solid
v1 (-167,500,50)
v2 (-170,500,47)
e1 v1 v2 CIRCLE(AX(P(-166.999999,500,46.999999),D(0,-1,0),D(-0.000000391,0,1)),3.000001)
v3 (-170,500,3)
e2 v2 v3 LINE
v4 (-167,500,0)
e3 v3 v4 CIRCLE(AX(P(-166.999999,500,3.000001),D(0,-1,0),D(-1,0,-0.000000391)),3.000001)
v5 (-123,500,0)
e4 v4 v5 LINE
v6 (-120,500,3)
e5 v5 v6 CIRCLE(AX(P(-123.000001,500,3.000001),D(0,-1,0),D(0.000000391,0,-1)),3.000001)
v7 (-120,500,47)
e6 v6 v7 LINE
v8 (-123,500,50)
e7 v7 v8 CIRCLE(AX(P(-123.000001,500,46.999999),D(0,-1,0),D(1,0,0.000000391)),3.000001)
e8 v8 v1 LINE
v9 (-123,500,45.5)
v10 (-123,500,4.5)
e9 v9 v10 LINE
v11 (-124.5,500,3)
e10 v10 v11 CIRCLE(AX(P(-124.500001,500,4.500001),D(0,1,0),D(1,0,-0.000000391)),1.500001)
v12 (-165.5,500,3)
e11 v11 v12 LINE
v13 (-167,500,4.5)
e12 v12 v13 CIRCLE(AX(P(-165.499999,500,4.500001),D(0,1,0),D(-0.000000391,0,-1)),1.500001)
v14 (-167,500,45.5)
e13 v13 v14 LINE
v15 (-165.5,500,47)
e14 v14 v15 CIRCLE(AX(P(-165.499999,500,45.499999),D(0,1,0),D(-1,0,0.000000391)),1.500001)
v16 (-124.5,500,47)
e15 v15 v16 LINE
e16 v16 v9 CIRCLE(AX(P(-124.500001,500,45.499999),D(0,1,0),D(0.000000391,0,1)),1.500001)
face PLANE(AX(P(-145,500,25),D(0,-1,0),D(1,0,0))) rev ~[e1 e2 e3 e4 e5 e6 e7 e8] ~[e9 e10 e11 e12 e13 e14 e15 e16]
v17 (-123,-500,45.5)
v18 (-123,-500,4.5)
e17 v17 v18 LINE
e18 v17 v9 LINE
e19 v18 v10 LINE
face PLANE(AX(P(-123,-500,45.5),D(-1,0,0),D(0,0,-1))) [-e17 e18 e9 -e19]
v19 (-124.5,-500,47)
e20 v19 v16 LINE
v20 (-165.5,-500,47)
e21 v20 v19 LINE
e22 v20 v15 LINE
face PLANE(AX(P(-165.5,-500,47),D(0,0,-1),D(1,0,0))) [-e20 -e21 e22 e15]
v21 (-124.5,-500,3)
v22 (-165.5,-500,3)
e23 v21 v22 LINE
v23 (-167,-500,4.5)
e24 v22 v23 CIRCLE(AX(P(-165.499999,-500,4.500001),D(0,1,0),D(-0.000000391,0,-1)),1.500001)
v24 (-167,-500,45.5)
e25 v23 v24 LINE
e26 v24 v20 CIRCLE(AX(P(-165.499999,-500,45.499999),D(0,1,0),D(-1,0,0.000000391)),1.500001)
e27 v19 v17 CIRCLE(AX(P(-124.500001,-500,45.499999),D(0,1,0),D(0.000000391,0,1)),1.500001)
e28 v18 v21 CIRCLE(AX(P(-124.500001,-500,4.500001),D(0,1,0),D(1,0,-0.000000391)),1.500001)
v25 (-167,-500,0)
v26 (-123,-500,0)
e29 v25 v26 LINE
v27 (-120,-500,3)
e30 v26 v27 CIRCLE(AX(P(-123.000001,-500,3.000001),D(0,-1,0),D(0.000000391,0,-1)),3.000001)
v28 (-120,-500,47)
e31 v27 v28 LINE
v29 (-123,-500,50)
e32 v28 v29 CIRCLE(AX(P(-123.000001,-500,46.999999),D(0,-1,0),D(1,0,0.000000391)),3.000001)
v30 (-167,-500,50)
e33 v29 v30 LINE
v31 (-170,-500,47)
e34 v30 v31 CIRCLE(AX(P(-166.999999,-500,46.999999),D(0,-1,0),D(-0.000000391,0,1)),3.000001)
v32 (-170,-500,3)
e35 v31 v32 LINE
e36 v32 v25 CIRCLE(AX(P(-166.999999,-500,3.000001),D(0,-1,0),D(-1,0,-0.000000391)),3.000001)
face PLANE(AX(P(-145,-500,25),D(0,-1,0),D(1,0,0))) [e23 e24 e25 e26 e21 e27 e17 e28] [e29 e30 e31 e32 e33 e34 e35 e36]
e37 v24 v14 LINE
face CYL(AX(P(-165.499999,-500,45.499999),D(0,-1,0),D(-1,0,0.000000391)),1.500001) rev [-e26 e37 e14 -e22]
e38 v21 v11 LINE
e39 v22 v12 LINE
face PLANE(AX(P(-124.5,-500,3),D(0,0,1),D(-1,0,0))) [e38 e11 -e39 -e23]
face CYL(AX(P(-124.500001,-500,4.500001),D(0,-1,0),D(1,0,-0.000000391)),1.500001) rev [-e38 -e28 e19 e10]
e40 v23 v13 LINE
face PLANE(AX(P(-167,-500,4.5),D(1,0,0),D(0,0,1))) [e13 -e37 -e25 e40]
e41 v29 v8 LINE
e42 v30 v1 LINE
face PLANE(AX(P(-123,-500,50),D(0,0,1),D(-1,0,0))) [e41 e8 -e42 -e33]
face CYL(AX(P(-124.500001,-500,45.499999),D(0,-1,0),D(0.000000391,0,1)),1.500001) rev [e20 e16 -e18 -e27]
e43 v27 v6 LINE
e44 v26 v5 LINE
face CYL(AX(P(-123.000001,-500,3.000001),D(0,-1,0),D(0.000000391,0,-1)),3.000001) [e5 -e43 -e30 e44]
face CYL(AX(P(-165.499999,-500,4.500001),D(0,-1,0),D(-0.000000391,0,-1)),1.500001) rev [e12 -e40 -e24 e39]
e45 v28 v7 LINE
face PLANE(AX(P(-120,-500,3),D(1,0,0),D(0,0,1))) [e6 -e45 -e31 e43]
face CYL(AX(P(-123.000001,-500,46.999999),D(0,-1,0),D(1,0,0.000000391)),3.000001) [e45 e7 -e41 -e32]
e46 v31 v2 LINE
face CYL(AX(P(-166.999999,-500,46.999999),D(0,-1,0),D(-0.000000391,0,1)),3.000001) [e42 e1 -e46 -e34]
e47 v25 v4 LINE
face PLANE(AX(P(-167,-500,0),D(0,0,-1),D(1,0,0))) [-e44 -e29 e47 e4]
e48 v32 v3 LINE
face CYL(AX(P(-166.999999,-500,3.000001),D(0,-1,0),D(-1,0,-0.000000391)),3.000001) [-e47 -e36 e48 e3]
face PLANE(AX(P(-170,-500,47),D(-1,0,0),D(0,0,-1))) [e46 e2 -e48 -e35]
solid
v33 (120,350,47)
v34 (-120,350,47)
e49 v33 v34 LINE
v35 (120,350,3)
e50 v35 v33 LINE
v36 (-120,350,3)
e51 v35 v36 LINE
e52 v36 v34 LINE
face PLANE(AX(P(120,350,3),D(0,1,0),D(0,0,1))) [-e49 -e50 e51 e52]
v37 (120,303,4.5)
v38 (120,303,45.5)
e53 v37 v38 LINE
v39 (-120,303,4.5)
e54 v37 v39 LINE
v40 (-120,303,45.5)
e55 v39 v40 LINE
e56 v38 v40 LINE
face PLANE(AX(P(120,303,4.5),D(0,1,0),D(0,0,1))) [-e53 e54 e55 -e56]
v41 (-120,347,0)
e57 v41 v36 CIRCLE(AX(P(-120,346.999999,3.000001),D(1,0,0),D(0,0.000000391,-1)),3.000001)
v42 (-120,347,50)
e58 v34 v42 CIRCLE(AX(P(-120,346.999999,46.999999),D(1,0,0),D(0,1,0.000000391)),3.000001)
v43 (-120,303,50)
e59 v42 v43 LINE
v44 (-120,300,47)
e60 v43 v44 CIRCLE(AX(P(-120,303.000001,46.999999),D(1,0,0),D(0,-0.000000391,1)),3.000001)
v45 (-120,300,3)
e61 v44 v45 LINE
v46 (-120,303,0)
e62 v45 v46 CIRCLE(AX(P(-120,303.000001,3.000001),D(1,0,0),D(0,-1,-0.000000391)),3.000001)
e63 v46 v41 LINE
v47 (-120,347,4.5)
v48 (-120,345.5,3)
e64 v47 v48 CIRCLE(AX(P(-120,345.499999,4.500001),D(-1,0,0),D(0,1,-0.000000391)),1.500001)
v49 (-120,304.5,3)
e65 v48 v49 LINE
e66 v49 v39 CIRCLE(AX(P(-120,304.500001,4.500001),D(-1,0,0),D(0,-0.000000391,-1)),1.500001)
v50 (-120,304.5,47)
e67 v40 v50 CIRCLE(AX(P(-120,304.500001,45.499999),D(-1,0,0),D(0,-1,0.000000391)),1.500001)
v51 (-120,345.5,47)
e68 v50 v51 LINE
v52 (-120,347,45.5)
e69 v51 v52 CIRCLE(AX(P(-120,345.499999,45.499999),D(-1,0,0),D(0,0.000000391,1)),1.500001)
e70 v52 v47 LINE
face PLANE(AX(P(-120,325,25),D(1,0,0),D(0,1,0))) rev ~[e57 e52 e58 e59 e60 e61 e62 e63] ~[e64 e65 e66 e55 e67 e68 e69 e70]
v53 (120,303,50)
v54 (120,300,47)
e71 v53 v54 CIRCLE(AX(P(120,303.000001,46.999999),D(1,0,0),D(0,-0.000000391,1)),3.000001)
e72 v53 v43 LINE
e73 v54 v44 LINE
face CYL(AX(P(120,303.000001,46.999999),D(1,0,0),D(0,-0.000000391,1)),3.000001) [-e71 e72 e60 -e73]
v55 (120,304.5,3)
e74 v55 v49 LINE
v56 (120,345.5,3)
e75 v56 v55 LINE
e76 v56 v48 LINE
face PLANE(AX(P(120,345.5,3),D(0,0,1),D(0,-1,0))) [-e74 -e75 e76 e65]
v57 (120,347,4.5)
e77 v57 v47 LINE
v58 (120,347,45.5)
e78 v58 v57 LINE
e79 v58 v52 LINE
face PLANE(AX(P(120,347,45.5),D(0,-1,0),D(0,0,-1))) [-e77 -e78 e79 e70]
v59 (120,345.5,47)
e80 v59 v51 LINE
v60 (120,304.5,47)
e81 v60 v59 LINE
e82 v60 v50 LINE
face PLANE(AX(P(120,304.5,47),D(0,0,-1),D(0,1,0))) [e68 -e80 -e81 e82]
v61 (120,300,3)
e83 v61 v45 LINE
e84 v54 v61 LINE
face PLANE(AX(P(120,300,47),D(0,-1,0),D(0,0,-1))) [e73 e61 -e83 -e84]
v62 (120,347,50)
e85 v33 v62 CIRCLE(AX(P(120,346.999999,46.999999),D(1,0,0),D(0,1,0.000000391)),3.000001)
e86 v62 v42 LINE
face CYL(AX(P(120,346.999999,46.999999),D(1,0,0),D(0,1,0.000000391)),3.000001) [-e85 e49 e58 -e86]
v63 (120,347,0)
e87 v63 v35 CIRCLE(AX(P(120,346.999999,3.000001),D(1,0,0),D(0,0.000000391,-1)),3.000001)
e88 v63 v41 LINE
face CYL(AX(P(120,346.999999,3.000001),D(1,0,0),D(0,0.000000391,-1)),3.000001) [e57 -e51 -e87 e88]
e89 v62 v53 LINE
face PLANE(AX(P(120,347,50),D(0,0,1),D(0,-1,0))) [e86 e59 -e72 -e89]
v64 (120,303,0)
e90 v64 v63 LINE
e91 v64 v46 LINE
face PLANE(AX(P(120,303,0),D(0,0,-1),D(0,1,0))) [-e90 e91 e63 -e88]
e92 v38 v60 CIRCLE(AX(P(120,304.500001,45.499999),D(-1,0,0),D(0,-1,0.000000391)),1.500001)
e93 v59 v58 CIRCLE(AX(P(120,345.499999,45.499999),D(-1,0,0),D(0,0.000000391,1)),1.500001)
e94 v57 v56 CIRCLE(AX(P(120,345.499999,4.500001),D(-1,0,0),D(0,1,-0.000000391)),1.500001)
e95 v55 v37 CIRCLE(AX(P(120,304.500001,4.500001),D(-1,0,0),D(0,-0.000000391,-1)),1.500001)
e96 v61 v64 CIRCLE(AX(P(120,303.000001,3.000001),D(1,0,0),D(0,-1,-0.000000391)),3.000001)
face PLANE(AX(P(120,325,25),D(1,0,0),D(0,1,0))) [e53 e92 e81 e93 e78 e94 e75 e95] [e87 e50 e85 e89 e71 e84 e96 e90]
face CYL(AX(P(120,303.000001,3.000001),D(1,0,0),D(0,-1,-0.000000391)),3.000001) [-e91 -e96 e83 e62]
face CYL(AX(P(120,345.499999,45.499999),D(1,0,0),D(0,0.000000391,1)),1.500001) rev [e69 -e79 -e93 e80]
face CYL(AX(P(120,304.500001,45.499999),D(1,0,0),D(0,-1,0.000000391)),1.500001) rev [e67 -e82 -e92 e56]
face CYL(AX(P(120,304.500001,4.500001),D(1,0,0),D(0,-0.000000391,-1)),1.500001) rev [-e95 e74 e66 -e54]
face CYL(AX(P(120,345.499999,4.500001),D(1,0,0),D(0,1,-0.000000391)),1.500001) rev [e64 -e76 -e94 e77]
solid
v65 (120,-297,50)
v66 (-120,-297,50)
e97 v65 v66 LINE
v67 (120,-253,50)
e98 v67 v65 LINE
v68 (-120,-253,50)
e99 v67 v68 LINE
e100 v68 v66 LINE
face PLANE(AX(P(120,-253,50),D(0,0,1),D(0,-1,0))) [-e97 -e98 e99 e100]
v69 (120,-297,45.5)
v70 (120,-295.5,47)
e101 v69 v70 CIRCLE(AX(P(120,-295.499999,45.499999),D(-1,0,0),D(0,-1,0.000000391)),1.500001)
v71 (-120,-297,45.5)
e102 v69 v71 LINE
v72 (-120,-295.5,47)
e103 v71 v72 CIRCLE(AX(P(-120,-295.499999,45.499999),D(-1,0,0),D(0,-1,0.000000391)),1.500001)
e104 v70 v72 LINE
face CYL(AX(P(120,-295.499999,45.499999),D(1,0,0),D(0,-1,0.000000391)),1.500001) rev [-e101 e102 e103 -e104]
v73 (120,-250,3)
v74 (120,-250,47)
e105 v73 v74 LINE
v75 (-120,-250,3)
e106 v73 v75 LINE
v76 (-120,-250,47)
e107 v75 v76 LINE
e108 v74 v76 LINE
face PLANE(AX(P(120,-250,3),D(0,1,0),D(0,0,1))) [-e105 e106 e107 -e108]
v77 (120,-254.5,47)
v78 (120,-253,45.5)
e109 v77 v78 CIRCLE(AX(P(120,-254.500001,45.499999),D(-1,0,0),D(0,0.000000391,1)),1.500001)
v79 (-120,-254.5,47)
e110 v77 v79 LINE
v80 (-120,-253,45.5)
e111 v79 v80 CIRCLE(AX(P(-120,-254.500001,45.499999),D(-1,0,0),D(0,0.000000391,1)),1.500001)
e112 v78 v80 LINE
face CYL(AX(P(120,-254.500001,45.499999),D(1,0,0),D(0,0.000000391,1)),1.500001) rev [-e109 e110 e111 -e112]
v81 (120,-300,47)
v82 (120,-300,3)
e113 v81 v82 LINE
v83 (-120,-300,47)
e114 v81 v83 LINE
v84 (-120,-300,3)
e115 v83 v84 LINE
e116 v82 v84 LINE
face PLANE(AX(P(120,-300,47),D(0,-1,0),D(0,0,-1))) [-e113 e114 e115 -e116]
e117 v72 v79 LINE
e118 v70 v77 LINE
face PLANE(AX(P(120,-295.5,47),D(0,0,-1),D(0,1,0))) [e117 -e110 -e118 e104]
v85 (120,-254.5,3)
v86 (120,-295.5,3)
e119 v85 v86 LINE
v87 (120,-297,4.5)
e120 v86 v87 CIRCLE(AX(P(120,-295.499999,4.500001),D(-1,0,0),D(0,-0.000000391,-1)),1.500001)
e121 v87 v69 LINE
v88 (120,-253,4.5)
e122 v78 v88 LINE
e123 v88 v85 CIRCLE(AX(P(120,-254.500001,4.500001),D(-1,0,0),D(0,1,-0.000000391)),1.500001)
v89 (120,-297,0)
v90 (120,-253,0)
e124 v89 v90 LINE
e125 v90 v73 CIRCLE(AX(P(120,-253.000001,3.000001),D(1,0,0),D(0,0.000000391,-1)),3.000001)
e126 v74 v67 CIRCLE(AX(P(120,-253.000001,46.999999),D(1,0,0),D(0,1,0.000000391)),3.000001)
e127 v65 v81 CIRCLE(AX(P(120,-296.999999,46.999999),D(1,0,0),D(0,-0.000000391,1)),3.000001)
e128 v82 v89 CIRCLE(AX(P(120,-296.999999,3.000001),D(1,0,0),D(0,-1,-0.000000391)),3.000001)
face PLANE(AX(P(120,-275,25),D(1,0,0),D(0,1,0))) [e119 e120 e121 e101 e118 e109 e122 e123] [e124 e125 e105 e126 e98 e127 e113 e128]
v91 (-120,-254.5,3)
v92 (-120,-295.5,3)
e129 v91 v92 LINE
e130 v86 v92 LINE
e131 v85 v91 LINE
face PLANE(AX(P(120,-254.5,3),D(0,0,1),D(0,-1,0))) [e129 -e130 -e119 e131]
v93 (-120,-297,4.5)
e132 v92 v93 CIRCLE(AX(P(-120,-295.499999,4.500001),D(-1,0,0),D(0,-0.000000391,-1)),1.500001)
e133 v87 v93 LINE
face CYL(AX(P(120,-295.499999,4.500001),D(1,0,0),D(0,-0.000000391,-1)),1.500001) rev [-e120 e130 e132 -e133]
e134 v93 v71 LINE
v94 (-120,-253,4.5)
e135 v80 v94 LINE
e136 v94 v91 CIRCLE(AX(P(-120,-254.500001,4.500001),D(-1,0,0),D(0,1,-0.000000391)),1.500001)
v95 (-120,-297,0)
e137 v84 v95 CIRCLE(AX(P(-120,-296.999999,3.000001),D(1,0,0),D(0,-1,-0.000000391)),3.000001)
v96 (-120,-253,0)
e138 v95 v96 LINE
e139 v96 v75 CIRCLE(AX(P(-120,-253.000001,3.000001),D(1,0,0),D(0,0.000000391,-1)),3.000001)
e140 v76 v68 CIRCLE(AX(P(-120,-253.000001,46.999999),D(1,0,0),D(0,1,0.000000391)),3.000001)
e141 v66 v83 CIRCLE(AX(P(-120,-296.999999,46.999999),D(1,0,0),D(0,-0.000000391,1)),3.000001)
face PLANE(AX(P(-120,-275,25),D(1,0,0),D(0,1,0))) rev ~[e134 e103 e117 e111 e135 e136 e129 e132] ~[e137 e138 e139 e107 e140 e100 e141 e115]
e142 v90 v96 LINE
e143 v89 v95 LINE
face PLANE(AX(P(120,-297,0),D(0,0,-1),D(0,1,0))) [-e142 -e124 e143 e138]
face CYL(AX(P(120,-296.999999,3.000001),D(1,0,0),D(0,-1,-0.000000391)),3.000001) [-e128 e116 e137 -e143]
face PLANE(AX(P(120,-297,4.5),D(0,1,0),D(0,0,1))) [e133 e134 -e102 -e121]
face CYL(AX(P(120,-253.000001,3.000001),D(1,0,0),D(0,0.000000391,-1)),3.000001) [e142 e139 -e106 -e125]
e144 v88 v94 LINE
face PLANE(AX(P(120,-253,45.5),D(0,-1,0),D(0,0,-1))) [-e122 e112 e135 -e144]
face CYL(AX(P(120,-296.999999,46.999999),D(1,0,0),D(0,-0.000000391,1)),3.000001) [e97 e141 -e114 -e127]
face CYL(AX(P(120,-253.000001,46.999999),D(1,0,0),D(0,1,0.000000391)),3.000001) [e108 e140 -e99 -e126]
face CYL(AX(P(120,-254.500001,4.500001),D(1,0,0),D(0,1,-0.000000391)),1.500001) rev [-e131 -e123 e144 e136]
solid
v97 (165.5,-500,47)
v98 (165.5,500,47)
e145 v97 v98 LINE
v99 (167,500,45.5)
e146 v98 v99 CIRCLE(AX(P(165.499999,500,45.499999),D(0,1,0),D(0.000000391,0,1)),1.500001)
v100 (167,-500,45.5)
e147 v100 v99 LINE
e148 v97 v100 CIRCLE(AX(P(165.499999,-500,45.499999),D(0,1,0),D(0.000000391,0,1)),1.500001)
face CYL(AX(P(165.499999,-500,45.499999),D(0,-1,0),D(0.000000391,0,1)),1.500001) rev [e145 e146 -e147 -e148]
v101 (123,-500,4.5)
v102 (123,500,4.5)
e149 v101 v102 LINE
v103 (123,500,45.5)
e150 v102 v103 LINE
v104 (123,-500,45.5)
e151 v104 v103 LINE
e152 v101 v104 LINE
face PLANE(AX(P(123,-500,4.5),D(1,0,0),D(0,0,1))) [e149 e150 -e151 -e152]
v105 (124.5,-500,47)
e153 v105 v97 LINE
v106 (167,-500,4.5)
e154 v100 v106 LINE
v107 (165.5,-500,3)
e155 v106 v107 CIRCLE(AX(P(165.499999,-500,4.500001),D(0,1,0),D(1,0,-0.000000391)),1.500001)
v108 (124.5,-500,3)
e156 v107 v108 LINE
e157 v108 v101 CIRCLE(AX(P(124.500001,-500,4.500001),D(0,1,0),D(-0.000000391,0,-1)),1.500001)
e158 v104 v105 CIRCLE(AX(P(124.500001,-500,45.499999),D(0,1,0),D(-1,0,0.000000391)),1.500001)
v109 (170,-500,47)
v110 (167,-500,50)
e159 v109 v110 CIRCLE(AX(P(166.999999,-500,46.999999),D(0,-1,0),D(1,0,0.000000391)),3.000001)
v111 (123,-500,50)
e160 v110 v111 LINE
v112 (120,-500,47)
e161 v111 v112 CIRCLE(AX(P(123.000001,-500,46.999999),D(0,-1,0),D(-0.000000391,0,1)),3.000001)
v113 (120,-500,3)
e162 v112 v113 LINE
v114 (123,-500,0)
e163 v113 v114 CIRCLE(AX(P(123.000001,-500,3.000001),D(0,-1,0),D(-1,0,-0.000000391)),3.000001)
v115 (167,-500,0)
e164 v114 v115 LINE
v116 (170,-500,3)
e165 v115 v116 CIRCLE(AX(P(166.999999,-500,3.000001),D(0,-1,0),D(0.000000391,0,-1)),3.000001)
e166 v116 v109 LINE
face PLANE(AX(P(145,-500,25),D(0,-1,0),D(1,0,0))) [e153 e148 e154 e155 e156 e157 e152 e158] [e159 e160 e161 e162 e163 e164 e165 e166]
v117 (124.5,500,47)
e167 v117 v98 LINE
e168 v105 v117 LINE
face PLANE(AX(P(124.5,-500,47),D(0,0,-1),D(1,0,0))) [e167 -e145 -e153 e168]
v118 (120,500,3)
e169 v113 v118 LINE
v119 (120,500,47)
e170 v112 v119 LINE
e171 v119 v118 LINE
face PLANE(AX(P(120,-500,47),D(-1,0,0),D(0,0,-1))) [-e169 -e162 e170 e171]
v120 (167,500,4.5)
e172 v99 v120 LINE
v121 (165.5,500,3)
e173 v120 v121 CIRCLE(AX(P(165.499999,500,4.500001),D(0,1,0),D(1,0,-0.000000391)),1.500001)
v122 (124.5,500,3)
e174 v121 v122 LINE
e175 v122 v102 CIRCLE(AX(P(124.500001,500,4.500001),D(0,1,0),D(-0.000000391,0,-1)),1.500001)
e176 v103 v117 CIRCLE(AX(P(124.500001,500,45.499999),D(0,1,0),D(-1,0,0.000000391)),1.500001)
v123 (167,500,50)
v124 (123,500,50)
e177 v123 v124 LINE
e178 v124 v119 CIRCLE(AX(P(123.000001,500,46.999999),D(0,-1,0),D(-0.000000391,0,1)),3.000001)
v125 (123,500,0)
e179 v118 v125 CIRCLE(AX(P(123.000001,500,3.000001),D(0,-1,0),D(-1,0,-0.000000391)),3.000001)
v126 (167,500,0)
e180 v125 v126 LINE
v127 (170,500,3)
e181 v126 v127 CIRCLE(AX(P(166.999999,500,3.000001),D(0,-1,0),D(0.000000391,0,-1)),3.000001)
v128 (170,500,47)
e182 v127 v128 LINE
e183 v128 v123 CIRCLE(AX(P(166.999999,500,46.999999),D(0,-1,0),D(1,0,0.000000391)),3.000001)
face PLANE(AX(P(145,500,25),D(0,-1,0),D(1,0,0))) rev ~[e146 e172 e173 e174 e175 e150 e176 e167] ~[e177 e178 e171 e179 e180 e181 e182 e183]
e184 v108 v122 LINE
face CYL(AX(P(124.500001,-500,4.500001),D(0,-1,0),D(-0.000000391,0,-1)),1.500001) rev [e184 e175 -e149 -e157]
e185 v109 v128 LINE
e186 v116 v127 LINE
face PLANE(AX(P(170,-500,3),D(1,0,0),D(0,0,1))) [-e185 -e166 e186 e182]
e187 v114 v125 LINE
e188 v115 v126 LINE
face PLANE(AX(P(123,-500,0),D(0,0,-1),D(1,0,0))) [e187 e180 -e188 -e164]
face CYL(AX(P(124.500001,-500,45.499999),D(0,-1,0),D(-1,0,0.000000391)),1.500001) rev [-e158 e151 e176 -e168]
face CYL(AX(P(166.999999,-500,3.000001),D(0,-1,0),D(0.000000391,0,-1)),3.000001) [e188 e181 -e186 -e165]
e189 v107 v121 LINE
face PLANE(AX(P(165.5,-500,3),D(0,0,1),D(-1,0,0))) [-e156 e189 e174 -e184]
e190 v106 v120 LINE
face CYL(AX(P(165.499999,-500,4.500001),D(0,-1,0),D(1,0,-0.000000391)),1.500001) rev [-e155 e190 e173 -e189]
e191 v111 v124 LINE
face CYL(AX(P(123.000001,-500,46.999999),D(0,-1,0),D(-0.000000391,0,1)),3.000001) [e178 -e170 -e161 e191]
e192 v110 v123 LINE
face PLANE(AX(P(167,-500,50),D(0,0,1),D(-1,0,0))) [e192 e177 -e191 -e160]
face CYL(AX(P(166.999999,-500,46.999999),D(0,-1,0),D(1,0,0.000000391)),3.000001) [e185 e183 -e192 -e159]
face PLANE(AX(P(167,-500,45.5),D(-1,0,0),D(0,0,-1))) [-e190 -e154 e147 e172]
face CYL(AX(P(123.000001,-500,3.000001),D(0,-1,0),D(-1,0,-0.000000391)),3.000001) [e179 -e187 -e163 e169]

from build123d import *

# Parameters (mm, degrees)
F4_DEPTH = 1000
F5_DEPTH = 240


with BuildPart() as f4:
    # F1 (on offset) → F4 (new body)
    with BuildSketch(Plane.XZ.offset(500)):
        with BuildLine():
            Line((-167, 0), (-123, 0))
            ThreePointArc((-123, 0), (-120.87868, 0.87868), (-120, 3))
            Line((-120, 3), (-120, 47))
            ThreePointArc((-120, 47), (-120.87868, 49.12132), (-123, 50))
            Line((-123, 50), (-167, 50))
            ThreePointArc((-167, 50), (-169.12132, 49.12132), (-170, 47))
            Line((-170, 47), (-170, 3))
            ThreePointArc((-170, 3), (-169.12132, 0.87868), (-167, 0))
        make_face()
        with BuildLine():
            Line((-123, 45.5), (-123, 4.5))
            ThreePointArc((-123, 4.5), (-123.43934, 3.43934), (-124.5, 3))
            Line((-124.5, 3), (-165.5, 3))
            ThreePointArc((-165.5, 3), (-166.56066, 3.43934), (-167, 4.5))
            Line((-167, 4.5), (-167, 45.5))
            ThreePointArc((-167, 45.5), (-166.56066, 46.56066), (-165.5, 47))
            Line((-165.5, 47), (-124.5, 47))
            ThreePointArc((-124.5, 47), (-123.43934, 46.56066), (-123, 45.5))
        make_face(mode=Mode.SUBTRACT)
        with BuildLine():
            Line((123, 0), (167, 0))
            ThreePointArc((167, 0), (169.12132, 0.87868), (170, 3))
            Line((170, 3), (170, 47))
            ThreePointArc((170, 47), (169.12132, 49.12132), (167, 50))
            Line((167, 50), (123, 50))
            ThreePointArc((123, 50), (120.87868, 49.12132), (120, 47))
            Line((120, 47), (120, 3))
            ThreePointArc((120, 3), (120.87868, 0.87868), (123, 0))
        make_face()
        with BuildLine():
            ThreePointArc((167, 4.5), (166.56066, 3.43934), (165.5, 3))
            Line((165.5, 3), (124.5, 3))
            ThreePointArc((124.5, 3), (123.43934, 3.43934), (123, 4.5))
            Line((123, 4.5), (123, 45.5))
            ThreePointArc((123, 45.5), (123.43934, 46.56066), (124.5, 47))
            Line((124.5, 47), (165.5, 47))
            ThreePointArc((165.5, 47), (166.56066, 46.56066), (167, 45.5))
            Line((167, 45.5), (167, 4.5))
        make_face(mode=Mode.SUBTRACT)
    extrude(amount=-F4_DEPTH)


with BuildPart() as f5:
    # F3 (on offset) → F5 (new body)
    with BuildSketch(Plane.YZ.offset(120)):
        with BuildLine():
            Line((-253, 50), (-297, 50))
            ThreePointArc((-297, 50), (-299.12132, 49.12132), (-300, 47))
            Line((-300, 47), (-300, 3))
            ThreePointArc((-300, 3), (-299.12132, 0.87868), (-297, 0))
            Line((-297, 0), (-253, 0))
            ThreePointArc((-253, 0), (-250.87868, 0.87868), (-250, 3))
            Line((-250, 3), (-250, 47))
            ThreePointArc((-250, 47), (-250.87868, 49.12132), (-253, 50))
        make_face()
        with BuildLine():
            ThreePointArc((-254.5, 47), (-253.43934, 46.56066), (-253, 45.5))
            Line((-253, 45.5), (-253, 4.5))
            ThreePointArc((-253, 4.5), (-253.43934, 3.43934), (-254.5, 3))
            Line((-254.5, 3), (-295.5, 3))
            ThreePointArc((-295.5, 3), (-296.56066, 3.43934), (-297, 4.5))
            Line((-297, 4.5), (-297, 45.5))
            ThreePointArc((-297, 45.5), (-296.56066, 46.56066), (-295.5, 47))
            Line((-295.5, 47), (-254.5, 47))
        make_face(mode=Mode.SUBTRACT)
        with BuildLine():
            Line((347, 50), (303, 50))
            ThreePointArc((303, 50), (300.87868, 49.12132), (300, 47))
            Line((300, 47), (300, 3))
            ThreePointArc((300, 3), (300.87868, 0.87868), (303, 0))
            Line((303, 0), (347, 0))
            ThreePointArc((347, 0), (349.12132, 0.87868), (350, 3))
            Line((350, 3), (350, 47))
            ThreePointArc((350, 47), (349.12132, 49.12132), (347, 50))
        make_face()
        with BuildLine():
            Line((303, 4.5), (303, 45.5))
            ThreePointArc((303, 45.5), (303.43934, 46.56066), (304.5, 47))
            Line((304.5, 47), (345.5, 47))
            ThreePointArc((345.5, 47), (346.56066, 46.56066), (347, 45.5))
            Line((347, 45.5), (347, 4.5))
            ThreePointArc((347, 4.5), (346.56066, 3.43934), (345.5, 3))
            Line((345.5, 3), (304.5, 3))
            ThreePointArc((304.5, 3), (303.43934, 3.43934), (303, 4.5))
        make_face(mode=Mode.SUBTRACT)
    extrude(amount=-F5_DEPTH)


solid = Compound([f4.part, f5.part])
